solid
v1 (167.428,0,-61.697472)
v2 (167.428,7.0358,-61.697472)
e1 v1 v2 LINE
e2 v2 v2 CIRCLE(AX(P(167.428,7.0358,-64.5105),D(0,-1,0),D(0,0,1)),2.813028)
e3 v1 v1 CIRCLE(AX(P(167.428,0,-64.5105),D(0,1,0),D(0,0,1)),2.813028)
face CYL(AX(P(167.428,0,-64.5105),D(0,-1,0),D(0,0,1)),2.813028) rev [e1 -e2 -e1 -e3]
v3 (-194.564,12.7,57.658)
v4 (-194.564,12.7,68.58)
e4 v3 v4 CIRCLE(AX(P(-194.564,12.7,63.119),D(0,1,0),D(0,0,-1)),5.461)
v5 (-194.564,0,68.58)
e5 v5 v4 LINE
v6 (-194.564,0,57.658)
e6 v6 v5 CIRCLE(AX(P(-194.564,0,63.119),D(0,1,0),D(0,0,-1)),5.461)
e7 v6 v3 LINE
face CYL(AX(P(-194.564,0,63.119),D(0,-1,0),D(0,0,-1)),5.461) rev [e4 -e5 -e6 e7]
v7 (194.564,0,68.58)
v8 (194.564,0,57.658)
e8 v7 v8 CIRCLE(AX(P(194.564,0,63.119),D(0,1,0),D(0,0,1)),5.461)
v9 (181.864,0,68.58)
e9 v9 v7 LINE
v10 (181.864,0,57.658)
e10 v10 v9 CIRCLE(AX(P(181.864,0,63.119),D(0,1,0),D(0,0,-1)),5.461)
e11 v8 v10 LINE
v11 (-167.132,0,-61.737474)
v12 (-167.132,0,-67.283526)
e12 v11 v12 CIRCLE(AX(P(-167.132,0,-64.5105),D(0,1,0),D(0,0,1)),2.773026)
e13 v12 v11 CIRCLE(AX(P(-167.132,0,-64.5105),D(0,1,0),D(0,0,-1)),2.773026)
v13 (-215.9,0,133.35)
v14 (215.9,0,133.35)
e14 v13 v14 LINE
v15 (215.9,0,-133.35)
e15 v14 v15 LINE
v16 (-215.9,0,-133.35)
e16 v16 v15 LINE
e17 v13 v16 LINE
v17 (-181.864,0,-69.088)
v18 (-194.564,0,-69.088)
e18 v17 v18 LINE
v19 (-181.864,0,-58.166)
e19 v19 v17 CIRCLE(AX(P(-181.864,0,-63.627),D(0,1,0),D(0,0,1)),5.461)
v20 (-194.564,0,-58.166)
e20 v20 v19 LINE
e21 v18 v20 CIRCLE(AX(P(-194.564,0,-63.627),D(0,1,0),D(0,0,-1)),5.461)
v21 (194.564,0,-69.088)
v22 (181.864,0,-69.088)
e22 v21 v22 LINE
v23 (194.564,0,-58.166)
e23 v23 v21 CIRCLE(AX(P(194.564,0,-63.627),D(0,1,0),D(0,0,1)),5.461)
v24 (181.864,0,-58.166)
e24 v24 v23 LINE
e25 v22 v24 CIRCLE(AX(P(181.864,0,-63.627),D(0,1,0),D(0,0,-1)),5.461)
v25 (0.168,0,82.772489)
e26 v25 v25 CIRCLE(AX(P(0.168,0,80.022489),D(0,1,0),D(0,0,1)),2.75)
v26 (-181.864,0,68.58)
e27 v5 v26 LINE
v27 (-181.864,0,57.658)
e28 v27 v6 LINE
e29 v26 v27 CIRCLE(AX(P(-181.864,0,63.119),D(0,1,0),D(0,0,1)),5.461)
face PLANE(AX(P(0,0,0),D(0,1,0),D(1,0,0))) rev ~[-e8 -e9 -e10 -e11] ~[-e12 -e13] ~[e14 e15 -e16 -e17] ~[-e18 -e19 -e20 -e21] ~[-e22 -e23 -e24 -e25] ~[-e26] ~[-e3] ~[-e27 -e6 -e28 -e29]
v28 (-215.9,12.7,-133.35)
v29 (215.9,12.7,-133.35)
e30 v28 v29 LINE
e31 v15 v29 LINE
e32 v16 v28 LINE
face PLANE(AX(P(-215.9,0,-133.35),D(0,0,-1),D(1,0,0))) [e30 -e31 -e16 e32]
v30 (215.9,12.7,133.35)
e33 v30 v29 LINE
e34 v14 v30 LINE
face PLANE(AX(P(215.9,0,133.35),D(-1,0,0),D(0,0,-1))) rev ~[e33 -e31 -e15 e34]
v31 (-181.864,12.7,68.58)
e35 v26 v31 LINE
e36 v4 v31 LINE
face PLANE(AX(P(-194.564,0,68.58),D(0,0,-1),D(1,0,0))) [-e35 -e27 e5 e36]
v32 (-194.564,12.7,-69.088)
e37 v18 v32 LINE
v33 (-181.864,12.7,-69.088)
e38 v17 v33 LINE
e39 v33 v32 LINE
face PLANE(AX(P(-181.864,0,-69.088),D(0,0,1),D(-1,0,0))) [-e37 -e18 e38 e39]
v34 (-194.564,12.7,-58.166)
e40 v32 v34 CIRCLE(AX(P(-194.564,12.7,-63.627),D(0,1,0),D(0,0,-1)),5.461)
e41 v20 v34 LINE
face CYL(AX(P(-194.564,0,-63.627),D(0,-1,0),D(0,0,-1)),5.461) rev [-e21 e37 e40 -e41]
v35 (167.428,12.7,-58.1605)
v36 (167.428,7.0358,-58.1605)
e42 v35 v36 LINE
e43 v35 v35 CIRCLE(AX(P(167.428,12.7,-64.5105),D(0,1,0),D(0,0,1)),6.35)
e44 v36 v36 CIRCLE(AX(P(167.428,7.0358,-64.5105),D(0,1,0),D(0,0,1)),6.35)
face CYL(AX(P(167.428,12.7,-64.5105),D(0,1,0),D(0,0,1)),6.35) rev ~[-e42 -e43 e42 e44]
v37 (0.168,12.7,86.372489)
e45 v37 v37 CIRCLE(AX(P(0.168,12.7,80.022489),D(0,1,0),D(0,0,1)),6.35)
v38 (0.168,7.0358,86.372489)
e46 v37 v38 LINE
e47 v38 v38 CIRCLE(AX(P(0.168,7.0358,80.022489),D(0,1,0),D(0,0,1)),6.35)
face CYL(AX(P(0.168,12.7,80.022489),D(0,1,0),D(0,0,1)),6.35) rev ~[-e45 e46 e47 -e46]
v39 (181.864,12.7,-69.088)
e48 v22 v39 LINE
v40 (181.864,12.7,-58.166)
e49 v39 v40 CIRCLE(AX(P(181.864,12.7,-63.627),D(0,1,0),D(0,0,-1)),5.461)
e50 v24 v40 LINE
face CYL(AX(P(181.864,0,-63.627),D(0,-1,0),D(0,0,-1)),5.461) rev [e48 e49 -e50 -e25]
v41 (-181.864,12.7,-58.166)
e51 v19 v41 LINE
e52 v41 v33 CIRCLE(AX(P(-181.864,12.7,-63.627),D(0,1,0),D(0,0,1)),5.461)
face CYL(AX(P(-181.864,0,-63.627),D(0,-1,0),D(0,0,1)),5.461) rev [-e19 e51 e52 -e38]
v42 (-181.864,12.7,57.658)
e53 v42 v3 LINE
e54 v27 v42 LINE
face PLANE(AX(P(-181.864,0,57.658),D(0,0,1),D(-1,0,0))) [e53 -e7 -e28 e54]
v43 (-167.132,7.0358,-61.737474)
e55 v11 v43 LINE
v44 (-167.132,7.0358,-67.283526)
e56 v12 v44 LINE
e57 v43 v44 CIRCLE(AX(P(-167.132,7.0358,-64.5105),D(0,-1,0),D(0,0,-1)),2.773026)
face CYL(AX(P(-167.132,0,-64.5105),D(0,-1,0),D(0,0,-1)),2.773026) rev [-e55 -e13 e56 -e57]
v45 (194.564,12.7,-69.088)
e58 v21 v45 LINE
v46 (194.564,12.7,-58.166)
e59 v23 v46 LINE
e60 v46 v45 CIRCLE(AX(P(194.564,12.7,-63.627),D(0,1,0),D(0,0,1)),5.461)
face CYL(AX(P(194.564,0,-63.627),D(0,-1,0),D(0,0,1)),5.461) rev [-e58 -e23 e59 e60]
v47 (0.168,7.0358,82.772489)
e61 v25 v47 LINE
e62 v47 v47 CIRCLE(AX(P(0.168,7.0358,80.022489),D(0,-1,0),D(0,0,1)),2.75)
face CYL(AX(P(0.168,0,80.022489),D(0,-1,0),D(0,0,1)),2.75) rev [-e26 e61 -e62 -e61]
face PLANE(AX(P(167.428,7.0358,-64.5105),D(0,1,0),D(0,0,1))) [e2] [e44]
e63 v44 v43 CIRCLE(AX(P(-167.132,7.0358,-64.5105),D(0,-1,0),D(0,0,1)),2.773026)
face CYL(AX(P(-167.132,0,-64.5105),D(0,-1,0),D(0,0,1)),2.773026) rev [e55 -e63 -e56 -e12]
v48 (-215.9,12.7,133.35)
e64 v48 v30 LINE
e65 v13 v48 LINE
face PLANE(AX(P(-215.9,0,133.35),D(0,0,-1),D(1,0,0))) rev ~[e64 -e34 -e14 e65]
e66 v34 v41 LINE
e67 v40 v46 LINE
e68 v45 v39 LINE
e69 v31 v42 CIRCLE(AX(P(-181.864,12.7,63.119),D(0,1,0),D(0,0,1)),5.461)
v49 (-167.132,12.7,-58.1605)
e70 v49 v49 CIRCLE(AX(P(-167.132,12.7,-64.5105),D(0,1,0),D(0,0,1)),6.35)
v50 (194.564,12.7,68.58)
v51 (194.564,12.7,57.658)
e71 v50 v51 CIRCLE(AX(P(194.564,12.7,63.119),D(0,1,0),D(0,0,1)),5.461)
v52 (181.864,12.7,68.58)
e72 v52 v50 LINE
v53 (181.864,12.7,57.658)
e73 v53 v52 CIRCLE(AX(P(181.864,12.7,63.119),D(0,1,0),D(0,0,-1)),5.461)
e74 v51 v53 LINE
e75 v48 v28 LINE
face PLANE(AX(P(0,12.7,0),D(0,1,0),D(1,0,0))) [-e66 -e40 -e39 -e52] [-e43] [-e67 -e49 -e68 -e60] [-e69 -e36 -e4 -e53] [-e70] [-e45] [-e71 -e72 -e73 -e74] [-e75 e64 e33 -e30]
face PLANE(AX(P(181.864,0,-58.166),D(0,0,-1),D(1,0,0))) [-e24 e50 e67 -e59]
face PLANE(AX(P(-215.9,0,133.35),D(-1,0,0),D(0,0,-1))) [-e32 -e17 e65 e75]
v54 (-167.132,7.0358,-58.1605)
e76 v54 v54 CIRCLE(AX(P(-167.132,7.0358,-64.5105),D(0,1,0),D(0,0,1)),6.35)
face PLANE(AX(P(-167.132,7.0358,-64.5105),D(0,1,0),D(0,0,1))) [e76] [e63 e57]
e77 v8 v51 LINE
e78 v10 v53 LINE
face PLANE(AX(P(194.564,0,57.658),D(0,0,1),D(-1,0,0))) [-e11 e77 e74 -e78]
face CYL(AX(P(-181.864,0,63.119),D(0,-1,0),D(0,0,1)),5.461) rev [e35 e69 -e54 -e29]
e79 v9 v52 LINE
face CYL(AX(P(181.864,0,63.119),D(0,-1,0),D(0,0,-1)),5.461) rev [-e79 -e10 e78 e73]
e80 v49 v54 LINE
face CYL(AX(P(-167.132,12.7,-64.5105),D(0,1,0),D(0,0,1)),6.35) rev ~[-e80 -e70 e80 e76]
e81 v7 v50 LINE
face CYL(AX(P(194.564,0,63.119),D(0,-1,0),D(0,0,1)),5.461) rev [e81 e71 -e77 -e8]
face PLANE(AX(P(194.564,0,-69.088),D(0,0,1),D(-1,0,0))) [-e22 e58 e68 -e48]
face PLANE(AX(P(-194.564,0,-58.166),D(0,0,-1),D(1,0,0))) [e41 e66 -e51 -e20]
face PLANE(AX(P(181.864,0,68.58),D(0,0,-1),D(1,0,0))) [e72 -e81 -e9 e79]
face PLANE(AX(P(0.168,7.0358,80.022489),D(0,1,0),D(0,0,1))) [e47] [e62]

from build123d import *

# Parameters (mm, degrees)
SKETCH1_W      = 431.8
SKETCH1_H      = 266.7
EXTRUDE1_DEPTH = 12.7
SKETCH2_R      = 6.35
EXTRUDE2_DEPTH = 5.6642


with BuildPart() as part:
    # Sketch1 → Extrude1 (new body)
    with BuildSketch(Plane(origin=(0, 0, 0), x_dir=(1, 0, 0), z_dir=(0, 1, 0))):
        Rectangle(SKETCH1_W, SKETCH1_H)
        with BuildLine():
            Line((-194.564000001, 58.166), (-181.864, 58.166))
            ThreePointArc((-181.864, 58.166), (-176.403, 63.627), (-181.864, 69.088))
            Line((-181.864, 69.088), (-194.564, 69.088))
            ThreePointArc((-194.564, 69.088), (-200.025, 63.627000001), (-194.564000001, 58.166))
        make_face(mode=Mode.SUBTRACT)
        with BuildLine():
            Line((-181.864, -57.658), (-194.564, -57.658))
            ThreePointArc((-194.564, -57.658), (-200.025, -63.119), (-194.564000001, -68.58))
            Line((-194.564000001, -68.58), (-181.864, -68.58))
            ThreePointArc((-181.864, -68.58), (-176.403, -63.119), (-181.864, -57.658))
        make_face(mode=Mode.SUBTRACT)
        with BuildLine():
            Line((194.564, 69.088), (181.864, 69.088))
            ThreePointArc((181.864, 69.088), (176.403, 63.627), (181.864, 58.166))
            Line((181.864, 58.166), (194.564, 58.166))
            ThreePointArc((194.564, 58.166), (200.025, 63.627), (194.564, 69.088))
        make_face(mode=Mode.SUBTRACT)
        with BuildLine():
            Line((181.863999999, -68.58), (194.564, -68.58))
            ThreePointArc((194.564, -68.58), (200.025, -63.119), (194.564, -57.658))
            Line((194.564, -57.658), (181.864, -57.658))
            ThreePointArc((181.864, -57.658), (176.403, -63.118999999), (181.863999999, -68.58))
        make_face(mode=Mode.SUBTRACT)
        with BuildLine():
            ThreePointArc((-167.131999747, 67.283526113), (-169.905025875, 64.510499985), (-167.131999746, 61.737473858))
            ThreePointArc((-167.131999746, 61.737473858), (-164.358973618, 64.510499986), (-167.131999747, 67.283526113))
        make_face(mode=Mode.SUBTRACT)
        with BuildLine():
            ThreePointArc((0.167999917, -77.272489219), (-2.582000069, -80.022489206), (0.167999918, -82.772489192))
            ThreePointArc((0.167999918, -82.772489192), (2.917999904, -80.022489205), (0.167999917, -77.272489219))
        make_face(mode=Mode.SUBTRACT)
        with BuildLine():
            ThreePointArc((167.427999991, 67.323527583), (164.614972394, 64.510499985), (167.427999992, 61.697472388))
            ThreePointArc((167.427999992, 61.697472388), (170.241027589, 64.510499986), (167.427999991, 67.323527583))
        make_face(mode=Mode.SUBTRACT)
    extrude(amount=EXTRUDE1_DEPTH)

    # Sketch2 → Extrude2 (cut)
    with BuildSketch(Plane(origin=(0, 12.7, 0), x_dir=(1, 0, 0), z_dir=(0, 1, 0))):
        with Locations(Location((-167.131999747, 64.510499986, 0), (0, 0, 270))):
            Circle(SKETCH2_R)
        with Locations(Location((0.167999917, -80.022489205, 0), (0, 0, 270))):
            Circle(SKETCH2_R)
        with Locations(Location((167.427999991, 64.510499986, 0), (0, 0, 270))):
            Circle(SKETCH2_R)
    extrude(amount=-EXTRUDE2_DEPTH, mode=Mode.SUBTRACT)


solid = part.part
